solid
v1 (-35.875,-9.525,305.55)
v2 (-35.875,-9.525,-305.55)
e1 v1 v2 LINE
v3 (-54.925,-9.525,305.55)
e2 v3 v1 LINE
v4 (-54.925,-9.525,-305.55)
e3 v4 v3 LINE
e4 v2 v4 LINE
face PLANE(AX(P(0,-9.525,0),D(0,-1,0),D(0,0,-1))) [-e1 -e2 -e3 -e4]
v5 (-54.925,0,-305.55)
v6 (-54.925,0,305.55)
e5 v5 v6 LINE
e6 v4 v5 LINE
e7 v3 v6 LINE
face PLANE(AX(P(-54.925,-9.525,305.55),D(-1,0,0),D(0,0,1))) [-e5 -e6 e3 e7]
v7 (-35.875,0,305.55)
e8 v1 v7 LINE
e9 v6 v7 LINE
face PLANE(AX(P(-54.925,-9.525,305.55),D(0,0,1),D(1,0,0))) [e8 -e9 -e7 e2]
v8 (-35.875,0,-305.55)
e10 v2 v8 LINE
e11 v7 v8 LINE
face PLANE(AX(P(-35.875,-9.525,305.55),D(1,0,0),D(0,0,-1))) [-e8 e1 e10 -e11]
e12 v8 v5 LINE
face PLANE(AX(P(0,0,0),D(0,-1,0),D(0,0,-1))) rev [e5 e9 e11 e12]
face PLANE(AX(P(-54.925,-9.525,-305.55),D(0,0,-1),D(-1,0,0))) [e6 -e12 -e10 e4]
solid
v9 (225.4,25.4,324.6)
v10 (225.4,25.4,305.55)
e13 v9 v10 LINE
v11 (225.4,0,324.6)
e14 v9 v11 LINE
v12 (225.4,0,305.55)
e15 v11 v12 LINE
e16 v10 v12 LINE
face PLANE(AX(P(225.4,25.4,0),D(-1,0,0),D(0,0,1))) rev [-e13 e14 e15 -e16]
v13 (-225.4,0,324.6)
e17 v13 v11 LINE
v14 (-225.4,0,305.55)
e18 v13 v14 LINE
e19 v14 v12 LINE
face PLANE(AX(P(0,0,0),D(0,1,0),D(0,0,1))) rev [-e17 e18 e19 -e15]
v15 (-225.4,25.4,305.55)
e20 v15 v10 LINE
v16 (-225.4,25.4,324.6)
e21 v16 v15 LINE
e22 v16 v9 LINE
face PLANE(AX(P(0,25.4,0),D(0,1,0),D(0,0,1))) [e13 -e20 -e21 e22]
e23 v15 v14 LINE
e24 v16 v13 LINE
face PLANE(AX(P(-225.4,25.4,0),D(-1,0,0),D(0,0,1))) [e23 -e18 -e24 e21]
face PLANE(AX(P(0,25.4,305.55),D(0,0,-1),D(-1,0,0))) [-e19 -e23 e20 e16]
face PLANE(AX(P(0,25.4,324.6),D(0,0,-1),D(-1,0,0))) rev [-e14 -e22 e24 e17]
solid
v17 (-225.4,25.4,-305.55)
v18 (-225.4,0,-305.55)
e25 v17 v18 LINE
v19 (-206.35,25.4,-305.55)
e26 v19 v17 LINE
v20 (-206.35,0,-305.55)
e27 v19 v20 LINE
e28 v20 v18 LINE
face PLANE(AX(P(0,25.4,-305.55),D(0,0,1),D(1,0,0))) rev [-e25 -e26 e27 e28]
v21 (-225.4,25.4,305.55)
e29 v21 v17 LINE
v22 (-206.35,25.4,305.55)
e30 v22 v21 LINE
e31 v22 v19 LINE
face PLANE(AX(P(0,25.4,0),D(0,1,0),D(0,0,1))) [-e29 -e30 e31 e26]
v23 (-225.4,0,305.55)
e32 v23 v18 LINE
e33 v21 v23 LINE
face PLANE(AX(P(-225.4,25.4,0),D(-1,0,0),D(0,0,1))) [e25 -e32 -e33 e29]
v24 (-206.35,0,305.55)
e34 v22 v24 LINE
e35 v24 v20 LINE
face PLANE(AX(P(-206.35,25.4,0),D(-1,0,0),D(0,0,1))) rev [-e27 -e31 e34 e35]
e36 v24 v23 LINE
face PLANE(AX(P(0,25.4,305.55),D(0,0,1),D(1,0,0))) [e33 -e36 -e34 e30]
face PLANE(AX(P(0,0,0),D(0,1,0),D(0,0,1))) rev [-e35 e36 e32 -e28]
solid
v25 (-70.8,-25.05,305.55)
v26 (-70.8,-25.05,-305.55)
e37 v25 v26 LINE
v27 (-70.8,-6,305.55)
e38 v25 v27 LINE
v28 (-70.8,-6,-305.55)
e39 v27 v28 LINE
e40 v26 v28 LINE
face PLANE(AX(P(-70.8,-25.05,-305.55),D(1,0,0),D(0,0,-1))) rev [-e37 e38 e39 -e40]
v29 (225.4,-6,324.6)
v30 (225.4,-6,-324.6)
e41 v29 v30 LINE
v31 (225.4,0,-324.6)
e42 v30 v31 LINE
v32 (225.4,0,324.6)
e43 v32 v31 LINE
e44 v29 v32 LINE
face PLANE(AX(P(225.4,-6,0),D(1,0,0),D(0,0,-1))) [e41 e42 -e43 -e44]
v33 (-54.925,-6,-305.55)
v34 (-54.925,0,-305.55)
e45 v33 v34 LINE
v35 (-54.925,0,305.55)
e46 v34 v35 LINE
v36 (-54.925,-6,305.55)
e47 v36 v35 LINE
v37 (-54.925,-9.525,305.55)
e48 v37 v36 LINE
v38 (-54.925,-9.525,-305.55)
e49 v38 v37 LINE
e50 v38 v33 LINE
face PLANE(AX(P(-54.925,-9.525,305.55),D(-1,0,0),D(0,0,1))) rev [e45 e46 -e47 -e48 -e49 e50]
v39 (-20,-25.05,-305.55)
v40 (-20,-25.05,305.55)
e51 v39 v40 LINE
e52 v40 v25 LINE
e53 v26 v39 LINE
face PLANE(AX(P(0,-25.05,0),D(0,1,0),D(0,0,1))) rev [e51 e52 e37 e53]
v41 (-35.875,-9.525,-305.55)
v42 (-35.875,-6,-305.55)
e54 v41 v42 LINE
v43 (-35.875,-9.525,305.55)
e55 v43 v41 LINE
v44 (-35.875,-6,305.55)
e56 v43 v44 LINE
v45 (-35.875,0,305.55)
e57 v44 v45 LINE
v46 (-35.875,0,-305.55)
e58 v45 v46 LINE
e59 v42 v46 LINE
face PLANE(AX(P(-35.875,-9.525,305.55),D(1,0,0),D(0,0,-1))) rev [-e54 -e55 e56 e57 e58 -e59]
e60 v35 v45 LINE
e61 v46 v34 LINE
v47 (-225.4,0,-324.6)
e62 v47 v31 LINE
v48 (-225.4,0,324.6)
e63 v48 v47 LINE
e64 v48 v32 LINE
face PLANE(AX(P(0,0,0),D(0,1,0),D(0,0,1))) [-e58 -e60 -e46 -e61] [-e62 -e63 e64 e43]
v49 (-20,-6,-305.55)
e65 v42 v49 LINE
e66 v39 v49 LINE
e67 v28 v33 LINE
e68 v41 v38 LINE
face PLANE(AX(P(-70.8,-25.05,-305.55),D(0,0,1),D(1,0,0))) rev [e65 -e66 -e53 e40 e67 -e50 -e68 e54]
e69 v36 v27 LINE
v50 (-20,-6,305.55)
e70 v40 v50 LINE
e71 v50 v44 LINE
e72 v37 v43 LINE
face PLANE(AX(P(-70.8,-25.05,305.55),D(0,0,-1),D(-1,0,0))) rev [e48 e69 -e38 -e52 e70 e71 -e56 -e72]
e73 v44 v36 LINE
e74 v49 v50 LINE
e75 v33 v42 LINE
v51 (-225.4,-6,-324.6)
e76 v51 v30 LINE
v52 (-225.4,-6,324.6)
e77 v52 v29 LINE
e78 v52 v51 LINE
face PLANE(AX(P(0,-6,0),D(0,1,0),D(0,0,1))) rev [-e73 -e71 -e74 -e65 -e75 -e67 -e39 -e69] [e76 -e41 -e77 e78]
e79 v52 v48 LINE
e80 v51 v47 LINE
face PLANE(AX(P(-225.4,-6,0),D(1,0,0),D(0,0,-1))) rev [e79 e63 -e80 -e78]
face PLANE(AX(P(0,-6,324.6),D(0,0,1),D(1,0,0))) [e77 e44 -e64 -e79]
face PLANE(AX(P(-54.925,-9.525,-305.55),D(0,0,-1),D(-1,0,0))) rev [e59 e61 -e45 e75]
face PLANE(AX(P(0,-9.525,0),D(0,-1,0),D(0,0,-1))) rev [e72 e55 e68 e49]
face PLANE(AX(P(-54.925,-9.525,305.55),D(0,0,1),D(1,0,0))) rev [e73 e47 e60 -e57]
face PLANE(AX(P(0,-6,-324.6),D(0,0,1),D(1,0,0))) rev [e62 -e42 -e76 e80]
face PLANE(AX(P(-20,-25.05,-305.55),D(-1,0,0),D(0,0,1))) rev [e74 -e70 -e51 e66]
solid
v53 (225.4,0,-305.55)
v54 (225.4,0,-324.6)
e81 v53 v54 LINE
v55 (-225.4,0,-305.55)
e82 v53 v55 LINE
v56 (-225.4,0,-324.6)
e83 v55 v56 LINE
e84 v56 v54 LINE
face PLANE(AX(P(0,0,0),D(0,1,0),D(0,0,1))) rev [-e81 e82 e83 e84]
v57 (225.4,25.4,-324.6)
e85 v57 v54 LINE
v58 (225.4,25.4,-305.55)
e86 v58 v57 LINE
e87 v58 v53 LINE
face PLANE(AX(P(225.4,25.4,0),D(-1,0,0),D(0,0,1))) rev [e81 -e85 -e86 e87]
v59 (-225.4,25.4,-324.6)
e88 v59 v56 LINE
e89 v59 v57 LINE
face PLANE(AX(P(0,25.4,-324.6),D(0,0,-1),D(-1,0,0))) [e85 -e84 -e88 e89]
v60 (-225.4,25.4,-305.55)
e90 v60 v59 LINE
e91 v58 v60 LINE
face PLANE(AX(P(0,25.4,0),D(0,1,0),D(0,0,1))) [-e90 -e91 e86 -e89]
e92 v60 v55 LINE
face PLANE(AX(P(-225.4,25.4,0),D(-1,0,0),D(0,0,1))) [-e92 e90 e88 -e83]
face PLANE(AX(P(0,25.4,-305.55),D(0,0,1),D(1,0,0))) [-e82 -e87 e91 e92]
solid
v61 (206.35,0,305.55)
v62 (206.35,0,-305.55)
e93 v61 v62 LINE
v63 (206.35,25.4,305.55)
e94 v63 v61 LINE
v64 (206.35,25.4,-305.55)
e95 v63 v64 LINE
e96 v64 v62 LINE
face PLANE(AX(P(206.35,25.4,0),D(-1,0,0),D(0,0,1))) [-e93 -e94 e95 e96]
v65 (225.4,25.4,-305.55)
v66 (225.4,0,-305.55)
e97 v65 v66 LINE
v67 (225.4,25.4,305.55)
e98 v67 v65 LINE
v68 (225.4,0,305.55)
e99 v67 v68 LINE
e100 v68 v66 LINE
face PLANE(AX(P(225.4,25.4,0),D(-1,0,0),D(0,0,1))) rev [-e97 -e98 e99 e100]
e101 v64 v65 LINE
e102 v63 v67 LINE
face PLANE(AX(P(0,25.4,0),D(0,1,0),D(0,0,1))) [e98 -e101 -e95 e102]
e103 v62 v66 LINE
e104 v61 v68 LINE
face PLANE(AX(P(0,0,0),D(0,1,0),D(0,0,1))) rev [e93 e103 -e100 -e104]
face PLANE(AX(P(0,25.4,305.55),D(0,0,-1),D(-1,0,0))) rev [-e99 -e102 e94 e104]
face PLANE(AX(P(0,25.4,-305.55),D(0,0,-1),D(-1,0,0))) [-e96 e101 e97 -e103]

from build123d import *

# Parameters (mm, degrees)
SKETCH1_W             = 450.8
SKETCH1_H             = 649.2
BOSS_EXTRUDE1_DEPTH   = 6
SKETCH1_3_W           = 19.05
SKETCH1_3_H           = 611.1
BOSS_EXTRUDE2_DEPTH   = 25.4
BOSS_EXTRUDE2_2_DEPTH = 25.4
SKETCH1_4_W           = 450.8
SKETCH1_4_H           = 19.05
BOSS_EXTRUDE3_DEPTH   = 25.4
BOSS_EXTRUDE3_2_DEPTH = 25.4
SKETCH4_W             = 50.8
SKETCH4_H             = 611.1
BOSS_EXTRUDE5_DEPTH   = 19.05
SKETCH2_W             = 19.05
SKETCH2_H             = 611.1
CUT_EXTRUDE1_DEPTH    = 9.525
SKETCH2_2_W           = 19.05
SKETCH2_2_H           = 611.1
BOSS_EXTRUDE4_DEPTH   = 9.525


with BuildPart() as part:
    # Sketch1 → Boss-Extrude1 (new body)
    with BuildSketch(Plane(origin=(0, 0, 0), x_dir=(1, 0, 0), z_dir=(0, 1, 0))):
        Rectangle(SKETCH1_W, SKETCH1_H)
    extrude(amount=-BOSS_EXTRUDE1_DEPTH)

    # Sketch4 → Boss-Extrude5 (add)
    with BuildSketch(Plane.XZ.offset(6)):
        with Locations((-45.4, 0)):
            Rectangle(SKETCH4_W, SKETCH4_H)
    extrude(amount=BOSS_EXTRUDE5_DEPTH)

    # Sketch2 → Cut-Extrude1 (cut)
    with BuildSketch(Plane(origin=(0, 0, 0), x_dir=(1, 0, 0), z_dir=(0, 1, 0))):
        with Locations((-45.4, 0)):
            Rectangle(SKETCH2_W, SKETCH2_H)
    extrude(amount=-CUT_EXTRUDE1_DEPTH, mode=Mode.SUBTRACT)


with BuildPart() as body_2:
    # Sketch1<3> → Boss-Extrude2 (new body)
    with BuildSketch(Plane(origin=(0, 0, 0), x_dir=(1, 0, 0), z_dir=(0, 1, 0))):
        with Locations((215.875, 0)):
            Rectangle(SKETCH1_3_W, SKETCH1_3_H)
    extrude(amount=BOSS_EXTRUDE2_DEPTH)


with BuildPart() as body_3:
    # Sketch1<3> → Boss-Extrude2 2 (new body)
    with BuildSketch(Plane(origin=(0, 0, 0), x_dir=(1, 0, 0), z_dir=(0, 1, 0))):
        with Locations((-215.875, 0)):
            Rectangle(SKETCH1_3_W, SKETCH1_3_H)
    extrude(amount=BOSS_EXTRUDE2_2_DEPTH)


with BuildPart() as body_4:
    # Sketch1<4> → Boss-Extrude3 (new body)
    with BuildSketch(Plane(origin=(0, 0, 0), x_dir=(1, 0, 0), z_dir=(0, 1, 0))):
        with Locations((0, 315.075)):
            Rectangle(SKETCH1_4_W, SKETCH1_4_H)
    extrude(amount=BOSS_EXTRUDE3_DEPTH)


with BuildPart() as body_5:
    # Sketch1<4> → Boss-Extrude3 2 (new body)
    with BuildSketch(Plane(origin=(0, 0, 0), x_dir=(1, 0, 0), z_dir=(0, 1, 0))):
        with Locations((0, -315.075)):
            Rectangle(SKETCH1_4_W, SKETCH1_4_H)
    extrude(amount=BOSS_EXTRUDE3_2_DEPTH)


with BuildPart() as body_6:
    # Sketch2<2> → Boss-Extrude4 (new body)
    with BuildSketch(Plane(origin=(0, 0, 0), x_dir=(1, 0, 0), z_dir=(0, 1, 0))):
        with Locations((-45.4, 0)):
            Rectangle(SKETCH2_2_W, SKETCH2_2_H)
    extrude(amount=-BOSS_EXTRUDE4_DEPTH)


solid = Compound([part.part, body_2.part, body_3.part, body_4.part, body_5.part, body_6.part])
